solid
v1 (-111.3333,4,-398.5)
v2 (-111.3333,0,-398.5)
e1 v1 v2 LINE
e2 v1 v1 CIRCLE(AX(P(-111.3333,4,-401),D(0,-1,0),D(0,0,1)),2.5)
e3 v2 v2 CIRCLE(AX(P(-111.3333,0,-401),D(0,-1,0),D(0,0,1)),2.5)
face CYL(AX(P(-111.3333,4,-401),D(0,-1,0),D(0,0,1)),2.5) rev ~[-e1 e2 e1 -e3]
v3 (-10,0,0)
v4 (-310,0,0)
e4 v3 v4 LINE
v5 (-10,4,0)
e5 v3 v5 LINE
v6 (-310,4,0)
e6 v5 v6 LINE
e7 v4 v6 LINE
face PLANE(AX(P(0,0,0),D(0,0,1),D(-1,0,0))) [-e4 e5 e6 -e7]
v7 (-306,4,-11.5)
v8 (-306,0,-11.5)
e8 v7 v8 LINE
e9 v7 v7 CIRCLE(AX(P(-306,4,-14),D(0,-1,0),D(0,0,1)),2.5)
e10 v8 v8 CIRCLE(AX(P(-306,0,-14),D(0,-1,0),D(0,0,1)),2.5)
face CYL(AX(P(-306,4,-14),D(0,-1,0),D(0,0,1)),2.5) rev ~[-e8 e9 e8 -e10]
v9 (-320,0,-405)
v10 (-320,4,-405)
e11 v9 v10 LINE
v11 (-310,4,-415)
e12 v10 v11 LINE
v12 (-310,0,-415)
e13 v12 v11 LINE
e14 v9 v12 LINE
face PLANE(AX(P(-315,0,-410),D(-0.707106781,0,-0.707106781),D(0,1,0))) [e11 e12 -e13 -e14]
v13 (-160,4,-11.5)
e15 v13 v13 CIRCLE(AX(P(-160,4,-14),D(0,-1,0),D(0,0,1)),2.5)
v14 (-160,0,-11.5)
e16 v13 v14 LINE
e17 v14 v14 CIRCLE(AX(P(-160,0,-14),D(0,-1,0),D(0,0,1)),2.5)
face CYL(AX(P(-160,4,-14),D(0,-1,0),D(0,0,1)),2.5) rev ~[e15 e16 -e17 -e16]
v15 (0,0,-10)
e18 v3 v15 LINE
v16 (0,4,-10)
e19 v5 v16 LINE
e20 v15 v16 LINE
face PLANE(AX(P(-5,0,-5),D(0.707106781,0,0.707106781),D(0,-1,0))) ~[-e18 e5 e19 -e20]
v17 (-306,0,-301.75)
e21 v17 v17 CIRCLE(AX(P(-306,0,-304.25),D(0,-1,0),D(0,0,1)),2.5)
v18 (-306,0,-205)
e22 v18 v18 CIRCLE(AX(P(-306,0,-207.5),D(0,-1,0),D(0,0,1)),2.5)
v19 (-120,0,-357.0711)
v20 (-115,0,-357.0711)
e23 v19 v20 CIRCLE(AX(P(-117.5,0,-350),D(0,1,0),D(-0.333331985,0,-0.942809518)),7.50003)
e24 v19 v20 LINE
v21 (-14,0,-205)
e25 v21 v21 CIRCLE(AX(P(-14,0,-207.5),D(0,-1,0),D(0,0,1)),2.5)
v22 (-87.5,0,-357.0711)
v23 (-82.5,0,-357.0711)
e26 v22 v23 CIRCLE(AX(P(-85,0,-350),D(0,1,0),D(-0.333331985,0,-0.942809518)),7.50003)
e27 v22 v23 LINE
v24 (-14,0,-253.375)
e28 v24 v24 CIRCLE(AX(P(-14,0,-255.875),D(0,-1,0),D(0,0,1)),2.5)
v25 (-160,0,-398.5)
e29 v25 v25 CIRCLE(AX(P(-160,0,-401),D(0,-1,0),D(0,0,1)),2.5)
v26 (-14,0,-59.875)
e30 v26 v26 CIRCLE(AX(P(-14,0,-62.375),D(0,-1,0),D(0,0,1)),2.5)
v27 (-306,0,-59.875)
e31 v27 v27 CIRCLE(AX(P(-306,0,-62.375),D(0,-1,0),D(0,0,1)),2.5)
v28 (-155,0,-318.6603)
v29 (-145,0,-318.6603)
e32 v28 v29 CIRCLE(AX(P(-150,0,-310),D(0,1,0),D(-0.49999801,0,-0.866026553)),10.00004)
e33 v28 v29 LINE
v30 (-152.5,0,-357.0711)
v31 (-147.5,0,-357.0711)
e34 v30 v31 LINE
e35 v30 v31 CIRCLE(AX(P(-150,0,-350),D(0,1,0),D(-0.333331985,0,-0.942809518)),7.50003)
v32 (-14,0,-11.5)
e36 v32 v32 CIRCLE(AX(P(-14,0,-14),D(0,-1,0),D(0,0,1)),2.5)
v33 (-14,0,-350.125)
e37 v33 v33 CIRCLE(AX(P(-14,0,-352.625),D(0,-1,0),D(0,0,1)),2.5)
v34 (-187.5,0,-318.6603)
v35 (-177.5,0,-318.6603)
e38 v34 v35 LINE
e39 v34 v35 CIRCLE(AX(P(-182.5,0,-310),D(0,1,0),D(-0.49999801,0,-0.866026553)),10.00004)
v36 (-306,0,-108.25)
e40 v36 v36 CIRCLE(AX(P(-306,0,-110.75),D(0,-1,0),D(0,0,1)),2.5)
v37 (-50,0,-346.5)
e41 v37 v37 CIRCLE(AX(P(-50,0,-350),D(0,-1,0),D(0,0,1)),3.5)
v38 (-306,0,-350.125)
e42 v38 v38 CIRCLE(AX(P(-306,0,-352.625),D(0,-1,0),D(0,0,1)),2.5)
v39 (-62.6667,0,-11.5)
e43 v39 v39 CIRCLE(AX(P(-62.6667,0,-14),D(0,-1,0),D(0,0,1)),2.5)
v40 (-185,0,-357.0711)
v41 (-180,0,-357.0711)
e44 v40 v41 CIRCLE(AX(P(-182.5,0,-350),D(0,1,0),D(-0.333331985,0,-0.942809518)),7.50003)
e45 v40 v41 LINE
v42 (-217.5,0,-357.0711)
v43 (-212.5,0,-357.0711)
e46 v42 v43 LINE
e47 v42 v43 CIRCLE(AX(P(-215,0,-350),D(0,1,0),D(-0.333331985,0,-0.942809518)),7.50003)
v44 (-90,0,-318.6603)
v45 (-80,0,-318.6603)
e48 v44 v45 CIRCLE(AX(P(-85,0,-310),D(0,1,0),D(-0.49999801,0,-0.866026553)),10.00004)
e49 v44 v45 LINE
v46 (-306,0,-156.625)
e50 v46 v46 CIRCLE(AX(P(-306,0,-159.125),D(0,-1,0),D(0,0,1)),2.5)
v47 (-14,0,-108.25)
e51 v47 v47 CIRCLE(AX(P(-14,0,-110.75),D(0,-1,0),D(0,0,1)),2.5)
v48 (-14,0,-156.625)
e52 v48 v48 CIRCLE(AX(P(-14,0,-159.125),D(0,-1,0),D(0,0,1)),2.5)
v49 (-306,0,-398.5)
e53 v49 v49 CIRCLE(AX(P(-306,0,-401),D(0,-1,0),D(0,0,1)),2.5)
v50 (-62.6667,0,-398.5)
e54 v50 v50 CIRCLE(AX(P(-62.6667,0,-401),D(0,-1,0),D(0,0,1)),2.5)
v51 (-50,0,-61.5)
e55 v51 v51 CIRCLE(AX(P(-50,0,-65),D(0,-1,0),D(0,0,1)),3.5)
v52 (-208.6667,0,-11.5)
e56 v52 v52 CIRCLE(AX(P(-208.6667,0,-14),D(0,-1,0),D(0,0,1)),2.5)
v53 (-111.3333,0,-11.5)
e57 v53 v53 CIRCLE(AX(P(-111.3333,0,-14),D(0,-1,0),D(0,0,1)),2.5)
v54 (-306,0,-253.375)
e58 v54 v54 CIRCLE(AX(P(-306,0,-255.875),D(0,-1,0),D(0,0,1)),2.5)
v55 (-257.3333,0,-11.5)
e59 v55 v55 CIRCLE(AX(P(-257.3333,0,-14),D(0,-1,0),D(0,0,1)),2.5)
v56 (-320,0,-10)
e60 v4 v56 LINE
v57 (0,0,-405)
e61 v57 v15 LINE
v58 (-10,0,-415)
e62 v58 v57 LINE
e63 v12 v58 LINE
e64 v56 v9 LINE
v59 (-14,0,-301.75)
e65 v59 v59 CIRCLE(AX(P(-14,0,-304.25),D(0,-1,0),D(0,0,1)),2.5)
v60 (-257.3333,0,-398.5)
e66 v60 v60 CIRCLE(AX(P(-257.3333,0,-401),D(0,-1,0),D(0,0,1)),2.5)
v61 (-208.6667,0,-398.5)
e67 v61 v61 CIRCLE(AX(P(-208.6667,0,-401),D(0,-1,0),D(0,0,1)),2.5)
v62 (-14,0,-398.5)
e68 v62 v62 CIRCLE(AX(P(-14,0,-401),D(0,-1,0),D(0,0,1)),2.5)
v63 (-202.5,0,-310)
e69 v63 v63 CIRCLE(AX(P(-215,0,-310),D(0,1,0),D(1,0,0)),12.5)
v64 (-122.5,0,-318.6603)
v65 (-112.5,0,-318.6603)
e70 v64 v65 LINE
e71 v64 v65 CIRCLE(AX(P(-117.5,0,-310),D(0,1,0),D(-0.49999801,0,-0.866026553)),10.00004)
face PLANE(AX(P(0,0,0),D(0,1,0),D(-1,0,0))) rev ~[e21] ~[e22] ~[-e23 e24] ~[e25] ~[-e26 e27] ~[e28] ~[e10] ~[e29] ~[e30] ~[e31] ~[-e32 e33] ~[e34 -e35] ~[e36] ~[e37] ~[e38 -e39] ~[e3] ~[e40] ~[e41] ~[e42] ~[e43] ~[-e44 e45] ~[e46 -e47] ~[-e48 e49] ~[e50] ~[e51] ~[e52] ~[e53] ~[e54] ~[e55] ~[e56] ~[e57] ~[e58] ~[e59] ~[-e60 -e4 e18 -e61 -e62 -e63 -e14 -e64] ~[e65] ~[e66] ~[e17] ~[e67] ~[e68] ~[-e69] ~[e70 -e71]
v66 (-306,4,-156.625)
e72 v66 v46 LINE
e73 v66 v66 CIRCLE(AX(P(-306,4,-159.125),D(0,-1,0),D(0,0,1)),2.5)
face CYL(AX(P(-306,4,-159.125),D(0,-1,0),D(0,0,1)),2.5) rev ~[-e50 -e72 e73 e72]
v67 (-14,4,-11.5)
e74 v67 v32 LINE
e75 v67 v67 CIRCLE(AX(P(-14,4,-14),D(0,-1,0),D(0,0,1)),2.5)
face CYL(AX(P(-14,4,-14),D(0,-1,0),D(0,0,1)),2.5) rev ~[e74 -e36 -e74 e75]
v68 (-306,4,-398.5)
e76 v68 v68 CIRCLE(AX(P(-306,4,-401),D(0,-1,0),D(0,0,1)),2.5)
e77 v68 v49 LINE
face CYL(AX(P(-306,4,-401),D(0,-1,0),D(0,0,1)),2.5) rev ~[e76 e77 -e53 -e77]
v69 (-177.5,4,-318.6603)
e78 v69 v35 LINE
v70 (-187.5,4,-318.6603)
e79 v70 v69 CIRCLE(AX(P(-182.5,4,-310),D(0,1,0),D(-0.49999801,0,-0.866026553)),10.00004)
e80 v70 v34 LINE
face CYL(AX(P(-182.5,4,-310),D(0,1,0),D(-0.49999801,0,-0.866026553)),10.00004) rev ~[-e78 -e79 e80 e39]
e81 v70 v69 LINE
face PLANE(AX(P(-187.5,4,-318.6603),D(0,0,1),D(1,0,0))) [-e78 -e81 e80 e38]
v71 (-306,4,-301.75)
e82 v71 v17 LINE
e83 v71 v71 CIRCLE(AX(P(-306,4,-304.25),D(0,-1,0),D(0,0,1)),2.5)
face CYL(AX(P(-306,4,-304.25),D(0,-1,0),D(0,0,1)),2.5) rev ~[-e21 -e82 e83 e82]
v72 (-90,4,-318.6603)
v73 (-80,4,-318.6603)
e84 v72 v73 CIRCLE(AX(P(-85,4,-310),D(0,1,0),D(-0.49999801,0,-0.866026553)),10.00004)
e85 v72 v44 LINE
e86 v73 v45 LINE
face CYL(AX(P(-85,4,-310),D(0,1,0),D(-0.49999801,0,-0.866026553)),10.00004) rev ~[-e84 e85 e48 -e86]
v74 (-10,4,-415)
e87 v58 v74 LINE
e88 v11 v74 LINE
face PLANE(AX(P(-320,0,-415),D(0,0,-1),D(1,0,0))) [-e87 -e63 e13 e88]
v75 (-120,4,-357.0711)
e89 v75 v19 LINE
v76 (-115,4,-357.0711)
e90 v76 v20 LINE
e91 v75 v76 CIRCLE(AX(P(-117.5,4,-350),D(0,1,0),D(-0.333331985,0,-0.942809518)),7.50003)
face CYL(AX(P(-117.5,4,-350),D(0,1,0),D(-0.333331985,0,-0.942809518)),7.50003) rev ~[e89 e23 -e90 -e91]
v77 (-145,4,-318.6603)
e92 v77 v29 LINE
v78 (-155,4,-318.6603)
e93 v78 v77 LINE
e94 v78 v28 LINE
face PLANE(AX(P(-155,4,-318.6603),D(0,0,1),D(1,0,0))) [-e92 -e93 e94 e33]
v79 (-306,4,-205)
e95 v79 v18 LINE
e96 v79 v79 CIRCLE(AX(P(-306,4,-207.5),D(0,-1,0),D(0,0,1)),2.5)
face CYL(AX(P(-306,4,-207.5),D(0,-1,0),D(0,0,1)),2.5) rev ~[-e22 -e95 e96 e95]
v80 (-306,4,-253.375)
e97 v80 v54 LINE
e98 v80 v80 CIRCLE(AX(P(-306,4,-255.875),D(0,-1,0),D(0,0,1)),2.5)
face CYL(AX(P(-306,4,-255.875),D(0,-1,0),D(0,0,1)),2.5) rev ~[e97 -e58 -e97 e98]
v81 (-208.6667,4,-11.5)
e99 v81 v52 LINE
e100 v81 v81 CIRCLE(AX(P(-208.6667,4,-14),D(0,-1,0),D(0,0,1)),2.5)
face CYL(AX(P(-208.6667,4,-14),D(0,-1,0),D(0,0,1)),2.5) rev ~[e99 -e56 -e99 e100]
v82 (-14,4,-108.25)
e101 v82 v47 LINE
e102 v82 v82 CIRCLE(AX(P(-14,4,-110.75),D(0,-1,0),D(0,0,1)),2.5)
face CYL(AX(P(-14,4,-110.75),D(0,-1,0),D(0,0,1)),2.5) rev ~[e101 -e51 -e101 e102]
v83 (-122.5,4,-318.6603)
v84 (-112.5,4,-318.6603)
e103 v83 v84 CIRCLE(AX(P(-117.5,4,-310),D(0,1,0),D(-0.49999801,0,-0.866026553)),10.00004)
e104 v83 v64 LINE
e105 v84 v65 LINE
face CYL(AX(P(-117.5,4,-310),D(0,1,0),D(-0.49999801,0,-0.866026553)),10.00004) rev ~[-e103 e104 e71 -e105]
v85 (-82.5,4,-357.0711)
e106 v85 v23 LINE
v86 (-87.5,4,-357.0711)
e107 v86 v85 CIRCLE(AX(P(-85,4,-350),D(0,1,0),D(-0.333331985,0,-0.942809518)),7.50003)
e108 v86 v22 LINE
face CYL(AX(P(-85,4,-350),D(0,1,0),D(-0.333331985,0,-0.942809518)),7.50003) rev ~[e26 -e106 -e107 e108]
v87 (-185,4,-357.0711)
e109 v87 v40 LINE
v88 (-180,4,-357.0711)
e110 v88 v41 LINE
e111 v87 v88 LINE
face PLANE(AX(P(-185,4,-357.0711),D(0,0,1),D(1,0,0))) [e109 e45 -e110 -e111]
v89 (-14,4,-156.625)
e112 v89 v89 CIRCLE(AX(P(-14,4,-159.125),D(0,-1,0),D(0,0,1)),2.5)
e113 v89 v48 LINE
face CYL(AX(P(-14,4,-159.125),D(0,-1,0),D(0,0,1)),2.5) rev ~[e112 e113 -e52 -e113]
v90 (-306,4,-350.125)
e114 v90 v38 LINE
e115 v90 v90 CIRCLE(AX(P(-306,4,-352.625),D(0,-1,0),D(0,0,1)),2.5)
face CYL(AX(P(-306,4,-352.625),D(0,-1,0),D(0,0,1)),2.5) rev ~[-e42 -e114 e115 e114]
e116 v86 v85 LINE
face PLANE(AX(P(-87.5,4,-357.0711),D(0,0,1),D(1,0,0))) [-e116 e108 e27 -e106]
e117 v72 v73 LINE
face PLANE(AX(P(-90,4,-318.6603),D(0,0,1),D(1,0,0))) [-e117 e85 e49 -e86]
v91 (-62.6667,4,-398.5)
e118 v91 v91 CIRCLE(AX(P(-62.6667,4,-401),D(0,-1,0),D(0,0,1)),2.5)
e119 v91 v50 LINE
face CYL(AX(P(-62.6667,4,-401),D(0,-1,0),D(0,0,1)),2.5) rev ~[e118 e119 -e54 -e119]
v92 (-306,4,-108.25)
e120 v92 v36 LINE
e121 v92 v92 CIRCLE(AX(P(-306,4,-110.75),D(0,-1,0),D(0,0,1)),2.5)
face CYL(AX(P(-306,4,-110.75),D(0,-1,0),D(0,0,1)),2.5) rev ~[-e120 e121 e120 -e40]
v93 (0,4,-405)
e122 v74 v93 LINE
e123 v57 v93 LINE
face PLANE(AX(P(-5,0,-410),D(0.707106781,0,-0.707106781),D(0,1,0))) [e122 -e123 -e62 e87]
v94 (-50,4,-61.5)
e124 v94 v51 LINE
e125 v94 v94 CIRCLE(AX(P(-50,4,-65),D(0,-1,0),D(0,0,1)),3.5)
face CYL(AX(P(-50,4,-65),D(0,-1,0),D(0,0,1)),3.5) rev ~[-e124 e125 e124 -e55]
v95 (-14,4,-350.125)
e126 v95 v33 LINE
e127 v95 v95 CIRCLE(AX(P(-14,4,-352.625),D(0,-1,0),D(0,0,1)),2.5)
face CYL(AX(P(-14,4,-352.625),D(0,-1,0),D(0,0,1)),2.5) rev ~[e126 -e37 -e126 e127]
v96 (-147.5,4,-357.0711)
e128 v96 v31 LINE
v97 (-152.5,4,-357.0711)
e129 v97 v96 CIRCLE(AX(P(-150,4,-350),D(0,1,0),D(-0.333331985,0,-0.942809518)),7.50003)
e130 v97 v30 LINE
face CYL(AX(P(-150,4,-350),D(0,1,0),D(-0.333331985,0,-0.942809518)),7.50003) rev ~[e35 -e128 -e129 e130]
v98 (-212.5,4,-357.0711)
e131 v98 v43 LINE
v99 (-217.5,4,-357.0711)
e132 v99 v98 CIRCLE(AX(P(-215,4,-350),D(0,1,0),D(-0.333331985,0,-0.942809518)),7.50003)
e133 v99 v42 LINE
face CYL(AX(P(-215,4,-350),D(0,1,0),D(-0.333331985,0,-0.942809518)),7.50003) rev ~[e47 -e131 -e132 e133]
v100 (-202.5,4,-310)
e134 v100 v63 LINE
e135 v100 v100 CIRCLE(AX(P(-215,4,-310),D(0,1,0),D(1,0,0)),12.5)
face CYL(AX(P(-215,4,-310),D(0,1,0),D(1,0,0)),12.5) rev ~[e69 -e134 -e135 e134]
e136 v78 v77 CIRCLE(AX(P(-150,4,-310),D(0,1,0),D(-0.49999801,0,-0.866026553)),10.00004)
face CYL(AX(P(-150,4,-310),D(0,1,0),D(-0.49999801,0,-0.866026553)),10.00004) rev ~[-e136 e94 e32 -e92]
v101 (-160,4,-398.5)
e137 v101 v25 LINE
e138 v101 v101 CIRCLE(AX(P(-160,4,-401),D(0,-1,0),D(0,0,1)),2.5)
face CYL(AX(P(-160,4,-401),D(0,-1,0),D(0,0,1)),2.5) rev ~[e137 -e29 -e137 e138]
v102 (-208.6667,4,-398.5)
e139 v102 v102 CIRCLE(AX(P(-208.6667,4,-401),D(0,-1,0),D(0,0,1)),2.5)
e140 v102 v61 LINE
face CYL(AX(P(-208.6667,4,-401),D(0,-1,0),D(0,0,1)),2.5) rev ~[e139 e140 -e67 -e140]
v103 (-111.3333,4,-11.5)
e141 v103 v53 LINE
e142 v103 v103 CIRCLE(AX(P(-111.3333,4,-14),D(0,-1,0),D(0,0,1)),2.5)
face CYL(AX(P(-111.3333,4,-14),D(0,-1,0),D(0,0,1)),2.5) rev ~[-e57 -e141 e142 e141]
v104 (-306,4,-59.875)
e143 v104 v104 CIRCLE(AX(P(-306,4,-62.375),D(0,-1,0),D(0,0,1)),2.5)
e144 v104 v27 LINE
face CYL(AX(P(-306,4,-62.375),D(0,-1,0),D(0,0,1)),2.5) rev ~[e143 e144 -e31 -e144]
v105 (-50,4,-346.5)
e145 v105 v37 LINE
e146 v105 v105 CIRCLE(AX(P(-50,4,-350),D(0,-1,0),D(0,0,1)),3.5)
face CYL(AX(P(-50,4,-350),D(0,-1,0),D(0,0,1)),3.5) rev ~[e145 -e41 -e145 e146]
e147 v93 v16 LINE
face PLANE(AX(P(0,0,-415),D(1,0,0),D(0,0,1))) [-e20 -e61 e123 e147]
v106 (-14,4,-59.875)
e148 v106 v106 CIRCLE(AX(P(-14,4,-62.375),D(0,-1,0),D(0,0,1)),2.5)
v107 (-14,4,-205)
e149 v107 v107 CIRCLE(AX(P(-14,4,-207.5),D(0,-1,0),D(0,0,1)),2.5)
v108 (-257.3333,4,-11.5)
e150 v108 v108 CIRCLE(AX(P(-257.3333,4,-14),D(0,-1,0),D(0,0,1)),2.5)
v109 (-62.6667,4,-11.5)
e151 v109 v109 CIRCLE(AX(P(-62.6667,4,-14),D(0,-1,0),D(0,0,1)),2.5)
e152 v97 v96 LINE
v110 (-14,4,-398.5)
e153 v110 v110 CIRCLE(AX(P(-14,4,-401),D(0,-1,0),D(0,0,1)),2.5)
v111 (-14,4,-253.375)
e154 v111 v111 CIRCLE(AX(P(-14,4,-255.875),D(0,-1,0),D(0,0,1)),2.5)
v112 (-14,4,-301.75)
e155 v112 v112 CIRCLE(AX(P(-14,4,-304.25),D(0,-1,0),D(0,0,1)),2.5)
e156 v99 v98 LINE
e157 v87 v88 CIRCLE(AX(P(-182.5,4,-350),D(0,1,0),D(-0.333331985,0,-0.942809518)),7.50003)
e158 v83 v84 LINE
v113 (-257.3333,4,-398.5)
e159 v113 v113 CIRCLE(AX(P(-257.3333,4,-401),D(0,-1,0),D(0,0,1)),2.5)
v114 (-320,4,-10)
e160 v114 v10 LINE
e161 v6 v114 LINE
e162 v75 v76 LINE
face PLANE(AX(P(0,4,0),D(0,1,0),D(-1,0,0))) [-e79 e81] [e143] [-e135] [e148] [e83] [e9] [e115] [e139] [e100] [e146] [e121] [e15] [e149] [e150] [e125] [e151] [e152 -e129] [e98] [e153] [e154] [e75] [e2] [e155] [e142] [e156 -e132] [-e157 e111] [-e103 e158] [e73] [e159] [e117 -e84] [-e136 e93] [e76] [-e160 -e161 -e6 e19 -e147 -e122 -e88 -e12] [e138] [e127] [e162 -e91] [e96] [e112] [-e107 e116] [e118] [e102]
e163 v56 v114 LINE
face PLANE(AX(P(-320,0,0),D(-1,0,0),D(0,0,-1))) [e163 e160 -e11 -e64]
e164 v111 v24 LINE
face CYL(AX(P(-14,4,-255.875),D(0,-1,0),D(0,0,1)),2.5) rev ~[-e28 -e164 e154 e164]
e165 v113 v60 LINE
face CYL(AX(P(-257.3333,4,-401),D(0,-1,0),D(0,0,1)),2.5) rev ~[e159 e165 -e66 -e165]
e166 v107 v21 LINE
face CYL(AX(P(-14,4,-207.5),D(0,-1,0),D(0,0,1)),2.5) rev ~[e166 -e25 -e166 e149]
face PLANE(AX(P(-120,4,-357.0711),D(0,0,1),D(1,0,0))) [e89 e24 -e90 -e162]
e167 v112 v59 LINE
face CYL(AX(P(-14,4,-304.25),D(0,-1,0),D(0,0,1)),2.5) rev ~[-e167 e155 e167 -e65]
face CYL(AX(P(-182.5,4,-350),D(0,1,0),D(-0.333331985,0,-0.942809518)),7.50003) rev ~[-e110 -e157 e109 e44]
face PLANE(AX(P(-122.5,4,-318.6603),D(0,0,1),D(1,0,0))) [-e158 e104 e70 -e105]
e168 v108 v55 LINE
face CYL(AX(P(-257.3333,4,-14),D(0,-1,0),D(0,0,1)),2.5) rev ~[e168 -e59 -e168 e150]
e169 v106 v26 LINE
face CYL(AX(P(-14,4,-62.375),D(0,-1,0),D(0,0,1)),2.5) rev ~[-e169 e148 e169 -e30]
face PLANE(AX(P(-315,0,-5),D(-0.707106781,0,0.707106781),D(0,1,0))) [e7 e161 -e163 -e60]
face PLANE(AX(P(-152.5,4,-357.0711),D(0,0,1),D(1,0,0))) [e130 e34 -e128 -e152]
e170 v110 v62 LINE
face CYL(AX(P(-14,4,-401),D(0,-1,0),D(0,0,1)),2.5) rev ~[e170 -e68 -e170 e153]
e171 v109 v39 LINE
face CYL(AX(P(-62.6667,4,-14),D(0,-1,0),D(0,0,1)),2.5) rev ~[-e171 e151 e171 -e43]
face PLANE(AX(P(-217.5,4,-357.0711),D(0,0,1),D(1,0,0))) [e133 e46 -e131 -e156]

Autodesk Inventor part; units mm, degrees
ref_plane "YZ Plane" through (0, 0, 0) normal (1, 0, 0) x (0, 1, 0)
ref_plane "XZ Plane" through (0, 0, 0) normal (0, 1, 0) x (-1, 0, 0)
ref_plane "XY Plane" through (0, 0, 0) normal (0, 0, 1) x (1, 0, 0)
sketch "Schizzo1" plane through (0, 0, 0) normal (0, 1, 0) x (-1, 0, 0)
  line L0 (0, 0) -> (320, 0)
  line L1 (320, 0) -> (320, -415)
  line L2 (320, -415) -> (0, -415)
  line L3 (0, -415) -> (0, 0)
  dimension "d0" = 320
  dimension "d1" = 415
extrude "Estrusione1" add sketch "Schizzo1" along normal blind 4
chamfer "Smusso1" distance 10 angle 45 4 edges at (0, 2, 0) (0, 2, -415) (-320, 2, -415) (-320, 2, 0)
sketch "Schizzo2" plane through (0, 4, 0) normal (0, 1, 0) x (1, 0, 0)
  line L0 (-306, 14) -> (-14, 14) construction
  line L1 (-14, 14) -> (-14, 401)
  line L2 (-14, 401) -> (-306, 401) construction
  line L3 (-306, 401) -> (-306, 14) construction
  line L4 (-320, 405) -> (-320, 10) projected
  line L5 (-10, 415) -> (-310, 415) projected
  point P0 (0, 0)
  point P1 (-306, 207.5)
  point P2 (-320, 207.5)
  point P3 (-160, 401)
  point P4 (-160, 415)
  point P5 (-306, 62.375)
  point P6 (-306, 110.75)
  point P7 (-306, 159.125)
  point P8 (-306, 207.5)
  point P9 (-306, 255.875)
  point P10 (-306, 304.25)
  point P11 (-306, 352.625)
  point P12 (-14, 62.375)
  point P13 (-14, 110.75)
  point P14 (-14, 159.125)
  point P15 (-14, 207.5)
  point P16 (-14, 255.875)
  point P17 (-14, 304.25)
  point P18 (-14, 352.625)
  point P19 (-257.3333, 401)
  point P20 (-208.6667, 401)
  point P21 (-160, 401)
  point P22 (-111.3333, 401)
  point P23 (-62.6667, 401)
  point P24 (-257.3333, 14)
  point P25 (-208.6667, 14)
  point P26 (-160, 14)
  point P27 (-111.3333, 14)
  point P28 (-62.6667, 14)
  dimension "d7" = 387
  dimension "d8" = 292
  dimension "d11" = 48.375
  dimension "d18" = 48.375
  dimension "d25" = 48.6667
  dimension "d32" = 48.6667
hole "Foro1" at (-306, 4, -14) at (-14, 4, -14) at (-14, 4, -401) at (-306, 4, -401) at (-306, 4, -62.375) at (-306, 4, -110.75) at (-306, 4, -159.125) at (-306, 4, -207.5) at (-306, 4, -255.875) at (-306, 4, -304.25) at (-306, 4, -352.625) at (-14, 4, -62.375) at (-14, 4, -110.75) at (-14, 4, -159.125) at (-14, 4, -207.5) at (-14, 4, -255.875) at (-14, 4, -304.25) at (-14, 4, -352.625) at (-257.3333, 4, -401) at (-208.6667, 4, -401) at (-160, 4, -401) at (-111.3333, 4, -401) at (-62.6667, 4, -401) at (-257.3333, 4, -14) at (-208.6667, 4, -14) at (-160, 4, -14) at (-111.3333, 4, -14) at (-62.6667, 4, -14) direction (0, -1, 0) diameter 5 end through all
sketch "Schizzo3" plane through (0, 4, 0) normal (0, 1, 0) x (1, 0, 0)
  line L0 (0, 10) -> (0, 405) projected
  line L1 (-310, 0) -> (-10, 0) projected
  line L2 (-10, 415) -> (-310, 415) projected
  point P0 (0, 0)
  point P1 (-50, 65)
  point P2 (-50, 350)
  dimension "d44" = 50
  dimension "d45" = 65
  dimension "d46" = 65
hole "Foro2" at (-50, 4, -65) at (-50, 4, -350) direction (0, -1, 0) diameter 7 end through all
sketch "Schizzo4" plane through (0, 4, 0) normal (0, 1, 0) x (1, 0, 0)
  line L0 (-10, 415) -> (-310, 415) projected
  line L1 (-320, 405) -> (-320, 10) projected
  circle A0 centre (-215, 310) radius 12.5
  arc A1 (-187.5, 318.6603) -> (-177.5, 318.6603) centre (-182.5, 310) ccw
  line L2 (-187.5, 318.6603) -> (-177.5, 318.6603)
  arc A2 (-155, 318.6603) -> (-145, 318.6603) centre (-150, 310) ccw
  line L3 (-155, 318.6603) -> (-145, 318.6603)
  arc A3 (-122.5, 318.6603) -> (-112.5, 318.6603) centre (-117.5, 310) ccw
  line L4 (-122.5, 318.6603) -> (-112.5, 318.6603)
  arc A4 (-90, 318.6603) -> (-80, 318.6603) centre (-85, 310) ccw
  line L5 (-90, 318.6603) -> (-80, 318.6603)
  point P0 (0, 0)
  point P1 (-52.5, 310)
  dimension "d54" = 105
  dimension "d55" = 105
  dimension "d58" = 32.5
  dimension "d63" = 25
  dimension "d64" = 20
  dimension "d65" = 10
  dimension "d70" = 20
  dimension "d71" = 10
  dimension "d76" = 20
  dimension "d77" = 10
  dimension "d88" = 20
  dimension "d89" = 10
extrude "Estrusione3" cut sketch "Schizzo4" against normal blind 4
sketch "Schizzo5" plane through (0, 4, 0) normal (0, 1, 0) x (1, 0, 0)
  circle A0 centre (-215, 310) radius 12.5 projected
  line L0 (-10, 415) -> (-310, 415) projected
  arc A1 (-217.5, 357.0711) -> (-212.5, 357.0711) centre (-215, 350) ccw
  line L1 (-217.5, 357.0711) -> (-212.5, 357.0711)
  arc A2 (-185, 357.0711) -> (-180, 357.0711) centre (-182.5, 350) ccw
  line L2 (-185, 357.0711) -> (-180, 357.0711)
  arc A3 (-87.5, 357.0711) -> (-82.5, 357.0711) centre (-85, 350) ccw
  line L3 (-87.5, 357.0711) -> (-82.5, 357.0711)
  arc A4 (-120, 357.0711) -> (-115, 357.0711) centre (-117.5, 350) ccw
  line L4 (-120, 357.0711) -> (-115, 357.0711)
  arc A5 (-152.5, 357.0711) -> (-147.5, 357.0711) centre (-150, 350) ccw
  line L5 (-152.5, 357.0711) -> (-147.5, 357.0711)
  point P0 (0, 0)
  dimension "d94" = 65
  dimension "d97" = 32.5
  dimension "d102" = 15
  dimension "d103" = 5
  dimension "d108" = 15
  dimension "d109" = 5
  dimension "d114" = 15
  dimension "d115" = 5
  dimension "d120" = 15
  dimension "d121" = 5
  dimension "d126" = 15
  dimension "d127" = 5
extrude "Estrusione4" cut sketch "Schizzo5" against normal blind 4 contours L1 A1 | L2 A2 | L3 A3 | L4 A4 | L5 A5
equation "\"d11\" = 0.125 * d7"
equation "\"d18\" = 0.125 * d7"
equation "\"d25\" = 0.166667 * d8"
equation "\"d32\" = 0.166667 * d8"
properties part number "Husky_cover_plate"
